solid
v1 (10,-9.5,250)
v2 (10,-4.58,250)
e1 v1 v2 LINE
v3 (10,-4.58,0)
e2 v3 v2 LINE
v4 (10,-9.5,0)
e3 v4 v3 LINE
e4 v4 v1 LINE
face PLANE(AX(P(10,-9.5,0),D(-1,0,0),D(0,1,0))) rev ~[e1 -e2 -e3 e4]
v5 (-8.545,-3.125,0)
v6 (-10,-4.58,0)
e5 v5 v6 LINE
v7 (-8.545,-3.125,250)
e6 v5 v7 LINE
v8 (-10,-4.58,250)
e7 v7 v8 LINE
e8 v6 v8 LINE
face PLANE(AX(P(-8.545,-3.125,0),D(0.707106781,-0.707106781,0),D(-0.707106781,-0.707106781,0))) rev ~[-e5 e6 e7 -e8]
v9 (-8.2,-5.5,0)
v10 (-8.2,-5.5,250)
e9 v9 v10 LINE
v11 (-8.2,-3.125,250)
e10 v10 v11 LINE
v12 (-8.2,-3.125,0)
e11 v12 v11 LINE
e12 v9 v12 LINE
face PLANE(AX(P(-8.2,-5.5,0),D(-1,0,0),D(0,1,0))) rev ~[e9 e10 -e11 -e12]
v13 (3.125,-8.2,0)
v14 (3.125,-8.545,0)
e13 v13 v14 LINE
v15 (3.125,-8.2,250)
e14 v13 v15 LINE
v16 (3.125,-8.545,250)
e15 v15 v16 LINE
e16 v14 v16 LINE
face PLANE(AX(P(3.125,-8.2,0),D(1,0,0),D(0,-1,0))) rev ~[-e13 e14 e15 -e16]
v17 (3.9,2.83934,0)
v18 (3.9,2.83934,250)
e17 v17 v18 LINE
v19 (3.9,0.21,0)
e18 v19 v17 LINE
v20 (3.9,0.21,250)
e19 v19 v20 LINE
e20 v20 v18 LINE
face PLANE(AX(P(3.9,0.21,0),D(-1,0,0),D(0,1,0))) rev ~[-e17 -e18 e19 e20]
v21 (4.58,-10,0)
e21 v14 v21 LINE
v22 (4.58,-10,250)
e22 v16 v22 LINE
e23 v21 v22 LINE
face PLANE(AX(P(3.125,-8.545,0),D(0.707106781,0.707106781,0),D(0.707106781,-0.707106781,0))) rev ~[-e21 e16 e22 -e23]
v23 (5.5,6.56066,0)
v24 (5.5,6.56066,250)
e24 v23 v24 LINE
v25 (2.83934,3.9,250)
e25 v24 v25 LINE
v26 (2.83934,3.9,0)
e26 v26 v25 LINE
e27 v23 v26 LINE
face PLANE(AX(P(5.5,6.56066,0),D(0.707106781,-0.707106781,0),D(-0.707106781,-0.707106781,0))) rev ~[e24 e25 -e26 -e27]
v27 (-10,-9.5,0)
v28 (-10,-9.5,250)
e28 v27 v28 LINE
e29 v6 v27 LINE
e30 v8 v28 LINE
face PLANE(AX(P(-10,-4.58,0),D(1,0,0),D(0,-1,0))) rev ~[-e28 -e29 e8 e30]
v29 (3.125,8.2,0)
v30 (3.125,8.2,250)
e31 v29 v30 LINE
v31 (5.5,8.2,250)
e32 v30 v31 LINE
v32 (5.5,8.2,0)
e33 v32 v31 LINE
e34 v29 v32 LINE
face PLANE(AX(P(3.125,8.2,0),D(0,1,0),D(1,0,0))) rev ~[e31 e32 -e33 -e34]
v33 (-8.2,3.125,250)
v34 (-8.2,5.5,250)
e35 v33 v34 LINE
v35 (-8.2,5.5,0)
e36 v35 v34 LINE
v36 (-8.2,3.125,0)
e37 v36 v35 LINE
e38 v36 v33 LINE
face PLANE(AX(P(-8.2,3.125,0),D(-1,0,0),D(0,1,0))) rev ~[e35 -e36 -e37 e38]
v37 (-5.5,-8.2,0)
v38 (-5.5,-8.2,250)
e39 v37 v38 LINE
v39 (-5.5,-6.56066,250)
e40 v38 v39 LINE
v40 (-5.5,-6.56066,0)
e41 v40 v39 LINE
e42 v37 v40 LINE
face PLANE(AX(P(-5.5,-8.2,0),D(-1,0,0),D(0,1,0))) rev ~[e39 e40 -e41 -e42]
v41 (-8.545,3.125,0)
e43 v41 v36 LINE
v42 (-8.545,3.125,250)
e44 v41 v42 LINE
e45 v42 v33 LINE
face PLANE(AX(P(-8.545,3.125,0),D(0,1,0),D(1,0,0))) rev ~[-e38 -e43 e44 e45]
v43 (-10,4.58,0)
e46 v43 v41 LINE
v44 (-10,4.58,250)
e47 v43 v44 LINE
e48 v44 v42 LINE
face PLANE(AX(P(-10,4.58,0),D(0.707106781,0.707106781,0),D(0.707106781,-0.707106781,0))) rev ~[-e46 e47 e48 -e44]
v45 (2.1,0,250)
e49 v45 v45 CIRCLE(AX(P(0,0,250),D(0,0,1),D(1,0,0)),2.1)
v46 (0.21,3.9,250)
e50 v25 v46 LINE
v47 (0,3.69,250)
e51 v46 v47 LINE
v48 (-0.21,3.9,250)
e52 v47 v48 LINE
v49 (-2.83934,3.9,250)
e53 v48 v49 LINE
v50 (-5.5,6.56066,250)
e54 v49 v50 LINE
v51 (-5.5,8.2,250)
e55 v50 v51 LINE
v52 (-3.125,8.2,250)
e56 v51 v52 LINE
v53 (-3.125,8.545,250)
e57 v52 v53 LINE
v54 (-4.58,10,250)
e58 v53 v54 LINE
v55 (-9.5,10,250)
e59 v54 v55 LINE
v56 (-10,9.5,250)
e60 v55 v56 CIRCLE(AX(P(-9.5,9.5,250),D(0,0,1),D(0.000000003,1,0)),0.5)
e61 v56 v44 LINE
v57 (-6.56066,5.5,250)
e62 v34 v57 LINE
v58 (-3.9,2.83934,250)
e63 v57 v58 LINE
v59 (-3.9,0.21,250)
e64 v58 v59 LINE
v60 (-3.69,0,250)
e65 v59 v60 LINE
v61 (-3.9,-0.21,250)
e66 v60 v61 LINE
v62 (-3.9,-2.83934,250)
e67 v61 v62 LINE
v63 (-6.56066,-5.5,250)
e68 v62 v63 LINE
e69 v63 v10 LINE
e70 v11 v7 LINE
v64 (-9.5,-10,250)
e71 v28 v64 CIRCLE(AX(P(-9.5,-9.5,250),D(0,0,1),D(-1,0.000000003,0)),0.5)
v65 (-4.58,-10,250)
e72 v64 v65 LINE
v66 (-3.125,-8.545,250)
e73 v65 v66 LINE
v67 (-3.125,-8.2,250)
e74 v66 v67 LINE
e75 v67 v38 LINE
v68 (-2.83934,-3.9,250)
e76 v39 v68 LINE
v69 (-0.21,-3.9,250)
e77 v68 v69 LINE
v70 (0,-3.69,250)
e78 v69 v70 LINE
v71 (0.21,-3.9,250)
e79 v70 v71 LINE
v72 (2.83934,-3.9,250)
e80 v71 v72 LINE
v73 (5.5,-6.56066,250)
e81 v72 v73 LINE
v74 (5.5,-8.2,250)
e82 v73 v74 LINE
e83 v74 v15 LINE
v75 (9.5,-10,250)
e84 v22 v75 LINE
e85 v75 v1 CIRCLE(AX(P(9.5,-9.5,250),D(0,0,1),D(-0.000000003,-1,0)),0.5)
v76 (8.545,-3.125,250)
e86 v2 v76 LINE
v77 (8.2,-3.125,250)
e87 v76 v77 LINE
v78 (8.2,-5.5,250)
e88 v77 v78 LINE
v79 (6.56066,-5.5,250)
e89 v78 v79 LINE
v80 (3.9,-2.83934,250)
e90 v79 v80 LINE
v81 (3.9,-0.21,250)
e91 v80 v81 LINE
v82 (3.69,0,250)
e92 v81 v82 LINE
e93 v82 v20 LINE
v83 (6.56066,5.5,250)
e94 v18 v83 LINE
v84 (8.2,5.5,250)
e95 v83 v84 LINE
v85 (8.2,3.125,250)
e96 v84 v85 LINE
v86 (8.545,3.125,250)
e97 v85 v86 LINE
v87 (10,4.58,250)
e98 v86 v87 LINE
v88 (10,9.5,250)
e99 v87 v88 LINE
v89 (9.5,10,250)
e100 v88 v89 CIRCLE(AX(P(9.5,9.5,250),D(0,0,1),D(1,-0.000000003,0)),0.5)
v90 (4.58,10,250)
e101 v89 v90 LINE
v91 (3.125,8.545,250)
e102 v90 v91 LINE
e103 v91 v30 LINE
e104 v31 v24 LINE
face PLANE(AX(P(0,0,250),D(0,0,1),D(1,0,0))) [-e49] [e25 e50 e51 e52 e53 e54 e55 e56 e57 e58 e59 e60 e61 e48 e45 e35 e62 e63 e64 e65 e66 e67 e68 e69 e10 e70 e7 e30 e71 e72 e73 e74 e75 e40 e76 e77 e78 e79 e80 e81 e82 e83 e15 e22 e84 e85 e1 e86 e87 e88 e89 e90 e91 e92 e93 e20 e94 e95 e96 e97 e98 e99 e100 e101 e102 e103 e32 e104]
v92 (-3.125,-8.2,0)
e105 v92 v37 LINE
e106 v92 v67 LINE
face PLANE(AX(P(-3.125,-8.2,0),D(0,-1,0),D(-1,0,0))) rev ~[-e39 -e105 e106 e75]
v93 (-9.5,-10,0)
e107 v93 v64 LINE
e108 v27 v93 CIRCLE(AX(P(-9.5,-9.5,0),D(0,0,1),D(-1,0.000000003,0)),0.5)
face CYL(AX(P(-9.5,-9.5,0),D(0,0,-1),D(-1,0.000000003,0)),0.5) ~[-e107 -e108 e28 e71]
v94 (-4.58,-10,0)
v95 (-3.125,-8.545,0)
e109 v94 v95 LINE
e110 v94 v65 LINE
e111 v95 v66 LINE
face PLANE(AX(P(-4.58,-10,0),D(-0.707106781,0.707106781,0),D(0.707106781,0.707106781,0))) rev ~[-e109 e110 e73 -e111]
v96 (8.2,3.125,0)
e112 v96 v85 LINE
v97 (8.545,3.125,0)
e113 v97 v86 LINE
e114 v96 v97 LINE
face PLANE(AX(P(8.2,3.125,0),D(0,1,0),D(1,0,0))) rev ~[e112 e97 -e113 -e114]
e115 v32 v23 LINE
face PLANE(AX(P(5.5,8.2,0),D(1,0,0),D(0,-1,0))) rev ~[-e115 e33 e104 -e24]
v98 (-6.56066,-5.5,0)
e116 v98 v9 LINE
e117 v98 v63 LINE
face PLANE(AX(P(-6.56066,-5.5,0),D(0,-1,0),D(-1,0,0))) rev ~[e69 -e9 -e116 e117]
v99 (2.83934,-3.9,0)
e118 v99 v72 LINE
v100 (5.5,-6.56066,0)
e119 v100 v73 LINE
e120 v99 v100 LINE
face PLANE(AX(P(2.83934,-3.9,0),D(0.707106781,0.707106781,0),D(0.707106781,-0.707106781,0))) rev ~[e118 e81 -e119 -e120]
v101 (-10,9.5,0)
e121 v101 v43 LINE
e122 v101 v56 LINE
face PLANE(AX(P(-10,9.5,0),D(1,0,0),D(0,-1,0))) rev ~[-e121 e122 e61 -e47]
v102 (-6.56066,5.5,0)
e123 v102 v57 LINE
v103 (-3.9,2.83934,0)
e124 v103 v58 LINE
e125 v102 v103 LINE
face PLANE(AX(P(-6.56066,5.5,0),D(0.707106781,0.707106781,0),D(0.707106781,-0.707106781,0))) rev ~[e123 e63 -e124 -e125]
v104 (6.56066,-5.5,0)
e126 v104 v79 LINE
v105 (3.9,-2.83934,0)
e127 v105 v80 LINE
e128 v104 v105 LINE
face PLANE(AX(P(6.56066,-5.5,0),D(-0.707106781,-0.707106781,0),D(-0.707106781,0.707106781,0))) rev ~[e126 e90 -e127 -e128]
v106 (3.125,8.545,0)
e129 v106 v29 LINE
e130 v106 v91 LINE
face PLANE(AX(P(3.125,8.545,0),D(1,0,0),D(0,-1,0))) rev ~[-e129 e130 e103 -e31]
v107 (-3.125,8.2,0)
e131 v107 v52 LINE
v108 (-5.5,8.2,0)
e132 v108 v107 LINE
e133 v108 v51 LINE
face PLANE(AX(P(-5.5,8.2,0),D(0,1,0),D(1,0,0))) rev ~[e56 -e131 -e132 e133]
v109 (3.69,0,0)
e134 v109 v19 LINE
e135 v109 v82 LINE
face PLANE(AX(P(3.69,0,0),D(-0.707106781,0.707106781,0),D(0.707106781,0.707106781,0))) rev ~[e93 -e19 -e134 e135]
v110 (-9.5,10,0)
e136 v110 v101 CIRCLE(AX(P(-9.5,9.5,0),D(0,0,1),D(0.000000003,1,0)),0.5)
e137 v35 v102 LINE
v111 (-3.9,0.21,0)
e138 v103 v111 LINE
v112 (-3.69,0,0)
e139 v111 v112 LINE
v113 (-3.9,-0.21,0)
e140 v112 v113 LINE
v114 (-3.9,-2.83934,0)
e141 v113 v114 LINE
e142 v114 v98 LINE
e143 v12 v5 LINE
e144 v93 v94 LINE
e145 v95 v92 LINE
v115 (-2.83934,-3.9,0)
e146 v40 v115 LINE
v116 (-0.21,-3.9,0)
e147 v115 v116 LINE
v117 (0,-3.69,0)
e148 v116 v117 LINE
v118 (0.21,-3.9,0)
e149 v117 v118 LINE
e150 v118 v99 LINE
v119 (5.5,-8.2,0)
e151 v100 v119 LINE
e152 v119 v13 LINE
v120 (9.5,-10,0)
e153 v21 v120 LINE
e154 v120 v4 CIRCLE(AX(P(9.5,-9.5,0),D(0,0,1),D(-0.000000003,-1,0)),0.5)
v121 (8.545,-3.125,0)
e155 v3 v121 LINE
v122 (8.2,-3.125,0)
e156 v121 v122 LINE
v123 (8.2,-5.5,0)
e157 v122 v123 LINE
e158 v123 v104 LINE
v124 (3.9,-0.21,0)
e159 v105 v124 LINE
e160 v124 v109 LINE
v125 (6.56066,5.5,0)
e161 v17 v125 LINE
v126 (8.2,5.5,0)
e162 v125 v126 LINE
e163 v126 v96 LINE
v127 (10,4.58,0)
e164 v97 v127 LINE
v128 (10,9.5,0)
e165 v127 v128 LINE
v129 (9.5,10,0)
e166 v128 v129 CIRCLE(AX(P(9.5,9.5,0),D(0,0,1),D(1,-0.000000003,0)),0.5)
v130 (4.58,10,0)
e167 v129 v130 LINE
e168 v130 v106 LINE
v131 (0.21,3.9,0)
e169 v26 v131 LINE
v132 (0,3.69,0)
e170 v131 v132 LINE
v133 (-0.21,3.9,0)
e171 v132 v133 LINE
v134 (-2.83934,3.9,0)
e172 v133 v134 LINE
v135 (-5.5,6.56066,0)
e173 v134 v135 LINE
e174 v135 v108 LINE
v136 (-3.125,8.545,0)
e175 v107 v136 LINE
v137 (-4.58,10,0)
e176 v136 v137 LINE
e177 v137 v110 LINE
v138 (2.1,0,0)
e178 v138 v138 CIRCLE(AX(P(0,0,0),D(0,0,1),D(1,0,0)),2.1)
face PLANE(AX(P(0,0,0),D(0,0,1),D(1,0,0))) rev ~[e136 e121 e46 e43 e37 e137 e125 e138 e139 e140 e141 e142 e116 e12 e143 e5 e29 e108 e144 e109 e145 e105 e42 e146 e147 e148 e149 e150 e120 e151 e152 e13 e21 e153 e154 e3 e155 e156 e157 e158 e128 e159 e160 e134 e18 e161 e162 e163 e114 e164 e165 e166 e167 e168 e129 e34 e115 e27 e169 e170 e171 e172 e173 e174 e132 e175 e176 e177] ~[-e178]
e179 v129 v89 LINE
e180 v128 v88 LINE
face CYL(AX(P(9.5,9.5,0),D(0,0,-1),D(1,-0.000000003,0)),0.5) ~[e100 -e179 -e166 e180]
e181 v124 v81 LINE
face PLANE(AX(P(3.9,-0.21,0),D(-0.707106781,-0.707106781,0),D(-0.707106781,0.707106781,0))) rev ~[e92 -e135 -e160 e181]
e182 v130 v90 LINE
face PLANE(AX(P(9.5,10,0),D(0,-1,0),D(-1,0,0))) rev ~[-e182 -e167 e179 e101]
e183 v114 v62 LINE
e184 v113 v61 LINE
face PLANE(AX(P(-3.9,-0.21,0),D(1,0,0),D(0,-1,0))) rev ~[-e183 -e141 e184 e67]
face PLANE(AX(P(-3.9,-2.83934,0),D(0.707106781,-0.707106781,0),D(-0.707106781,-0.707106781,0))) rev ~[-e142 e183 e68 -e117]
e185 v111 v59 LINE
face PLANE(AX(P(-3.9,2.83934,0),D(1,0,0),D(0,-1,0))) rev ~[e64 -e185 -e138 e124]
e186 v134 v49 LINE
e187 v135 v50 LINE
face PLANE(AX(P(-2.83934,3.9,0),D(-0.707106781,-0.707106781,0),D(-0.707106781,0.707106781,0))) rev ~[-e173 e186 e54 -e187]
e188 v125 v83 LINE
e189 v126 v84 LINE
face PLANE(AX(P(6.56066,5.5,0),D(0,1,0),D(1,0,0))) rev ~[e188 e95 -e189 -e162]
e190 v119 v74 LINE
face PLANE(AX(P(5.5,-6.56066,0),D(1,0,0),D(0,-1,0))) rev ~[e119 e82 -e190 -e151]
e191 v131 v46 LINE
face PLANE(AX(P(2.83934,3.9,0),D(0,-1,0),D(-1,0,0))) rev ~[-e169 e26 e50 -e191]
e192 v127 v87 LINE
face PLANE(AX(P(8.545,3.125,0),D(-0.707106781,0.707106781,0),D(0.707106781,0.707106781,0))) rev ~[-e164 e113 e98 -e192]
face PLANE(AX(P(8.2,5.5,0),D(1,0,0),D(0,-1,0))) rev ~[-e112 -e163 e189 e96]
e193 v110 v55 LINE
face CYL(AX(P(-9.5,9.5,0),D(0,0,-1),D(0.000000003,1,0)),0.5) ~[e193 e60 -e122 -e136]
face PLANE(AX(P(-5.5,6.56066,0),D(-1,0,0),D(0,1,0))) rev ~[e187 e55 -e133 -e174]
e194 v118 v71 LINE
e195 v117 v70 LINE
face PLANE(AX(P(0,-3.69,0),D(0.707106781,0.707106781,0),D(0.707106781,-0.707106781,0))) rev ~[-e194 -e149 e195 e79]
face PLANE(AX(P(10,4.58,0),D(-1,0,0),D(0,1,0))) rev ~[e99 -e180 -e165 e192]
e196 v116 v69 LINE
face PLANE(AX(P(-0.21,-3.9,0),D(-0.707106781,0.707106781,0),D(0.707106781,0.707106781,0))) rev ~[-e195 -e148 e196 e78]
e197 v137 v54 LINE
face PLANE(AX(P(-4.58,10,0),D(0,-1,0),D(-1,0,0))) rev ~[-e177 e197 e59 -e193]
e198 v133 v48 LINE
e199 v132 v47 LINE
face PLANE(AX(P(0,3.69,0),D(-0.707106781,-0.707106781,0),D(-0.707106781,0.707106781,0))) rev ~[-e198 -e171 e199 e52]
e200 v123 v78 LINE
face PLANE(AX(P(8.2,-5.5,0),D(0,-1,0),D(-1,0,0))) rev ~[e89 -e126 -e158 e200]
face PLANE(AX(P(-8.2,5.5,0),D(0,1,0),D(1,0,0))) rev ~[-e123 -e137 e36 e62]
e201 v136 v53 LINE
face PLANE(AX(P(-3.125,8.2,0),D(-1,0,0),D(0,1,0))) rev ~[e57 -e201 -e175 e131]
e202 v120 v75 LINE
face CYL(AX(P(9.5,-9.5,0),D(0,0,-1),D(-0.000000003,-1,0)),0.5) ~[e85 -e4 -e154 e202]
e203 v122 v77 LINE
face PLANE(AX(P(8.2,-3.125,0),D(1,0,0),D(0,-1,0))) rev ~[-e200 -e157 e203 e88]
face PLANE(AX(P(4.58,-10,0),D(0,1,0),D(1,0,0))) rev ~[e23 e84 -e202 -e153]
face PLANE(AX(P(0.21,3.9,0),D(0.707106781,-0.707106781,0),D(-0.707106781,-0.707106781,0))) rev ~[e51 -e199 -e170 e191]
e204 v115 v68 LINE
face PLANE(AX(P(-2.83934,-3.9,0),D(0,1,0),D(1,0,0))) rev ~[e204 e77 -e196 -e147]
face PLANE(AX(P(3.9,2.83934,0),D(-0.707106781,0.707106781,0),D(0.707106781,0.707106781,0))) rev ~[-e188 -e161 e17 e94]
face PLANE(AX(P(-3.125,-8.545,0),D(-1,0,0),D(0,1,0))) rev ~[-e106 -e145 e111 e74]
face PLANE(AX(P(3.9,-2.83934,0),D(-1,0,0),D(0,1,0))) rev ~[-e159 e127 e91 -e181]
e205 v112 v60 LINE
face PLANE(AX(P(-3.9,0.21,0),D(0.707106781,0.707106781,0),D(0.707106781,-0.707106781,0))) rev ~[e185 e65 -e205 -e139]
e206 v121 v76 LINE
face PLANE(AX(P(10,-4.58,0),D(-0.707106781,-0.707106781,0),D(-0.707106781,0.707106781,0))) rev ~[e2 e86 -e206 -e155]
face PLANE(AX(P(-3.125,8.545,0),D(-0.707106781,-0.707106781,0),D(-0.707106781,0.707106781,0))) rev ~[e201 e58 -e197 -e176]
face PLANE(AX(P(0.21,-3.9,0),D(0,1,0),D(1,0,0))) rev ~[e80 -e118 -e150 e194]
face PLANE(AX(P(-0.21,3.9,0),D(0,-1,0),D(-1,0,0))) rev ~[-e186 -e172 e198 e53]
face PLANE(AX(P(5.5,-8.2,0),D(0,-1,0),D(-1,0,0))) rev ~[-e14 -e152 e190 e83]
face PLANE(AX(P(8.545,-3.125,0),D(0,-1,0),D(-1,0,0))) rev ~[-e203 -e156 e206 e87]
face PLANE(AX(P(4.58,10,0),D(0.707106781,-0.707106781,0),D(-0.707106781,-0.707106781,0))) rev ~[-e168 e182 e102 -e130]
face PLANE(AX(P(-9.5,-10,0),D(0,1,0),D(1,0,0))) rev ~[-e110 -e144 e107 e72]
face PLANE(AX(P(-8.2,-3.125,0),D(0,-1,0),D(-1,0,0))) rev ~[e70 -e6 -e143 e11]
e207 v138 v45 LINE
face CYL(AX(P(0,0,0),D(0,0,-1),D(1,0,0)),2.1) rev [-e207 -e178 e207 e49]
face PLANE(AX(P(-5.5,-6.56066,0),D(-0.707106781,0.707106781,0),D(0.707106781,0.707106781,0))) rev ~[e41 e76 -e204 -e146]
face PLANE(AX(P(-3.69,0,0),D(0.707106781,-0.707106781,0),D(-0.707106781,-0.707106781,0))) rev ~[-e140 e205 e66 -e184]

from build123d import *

# Parameters (mm, degrees)
SKETCH1_R           = 2.1
BOSS_EXTRUDE1_DEPTH = 250


with BuildPart() as part:
    # Sketch1 → Boss-Extrude1 (new body)
    with BuildSketch(Plane.XY):
        with BuildLine():
            Line((4.58, -10), (9.5, -10))
            ThreePointArc((9.5, -10), (9.853553391, -9.853553391), (10, -9.5))
            Line((10, -9.5), (10, -4.58))
            Line((10, -4.58), (8.545, -3.125))
            Line((8.545, -3.125), (8.2, -3.125))
            Line((8.2, -3.125), (8.2, -5.5))
            Line((8.2, -5.5), (6.560660172, -5.5))
            Line((6.560660172, -5.5), (3.9, -2.839339828))
            Line((3.9, -2.839339828), (3.9, -0.21))
            Line((3.9, -0.21), (3.69, 0))
            Line((3.69, 0), (3.9, 0.21))
            Line((3.9, 0.21), (3.9, 2.839339828))
            Line((3.9, 2.839339828), (6.560660172, 5.5))
            Line((6.560660172, 5.5), (8.2, 5.5))
            Line((8.2, 5.5), (8.2, 3.125))
            Line((8.2, 3.125), (8.545, 3.125))
            Line((8.545, 3.125), (10, 4.58))
            Line((10, 4.58), (10, 9.5))
            ThreePointArc((10, 9.5), (9.853553391, 9.853553391), (9.5, 10))
            Line((9.5, 10), (4.58, 10))
            Line((4.58, 10), (3.125, 8.545))
            Line((3.125, 8.545), (3.125, 8.2))
            Line((3.125, 8.2), (5.5, 8.2))
            Line((5.5, 8.2), (5.5, 6.560660172))
            Line((5.5, 6.560660172), (2.839339828, 3.9))
            Line((2.839339828, 3.9), (0.21, 3.9))
            Line((0.21, 3.9), (0, 3.69))
            Line((0, 3.69), (-0.21, 3.9))
            Line((-0.21, 3.9), (-2.839339828, 3.9))
            Line((-2.839339828, 3.9), (-5.5, 6.560660172))
            Line((-5.5, 6.560660172), (-5.5, 8.2))
            Line((-5.5, 8.2), (-3.125, 8.2))
            Line((-3.125, 8.2), (-3.125, 8.545))
            Line((-3.125, 8.545), (-4.58, 10))
            Line((-4.58, 10), (-9.5, 10))
            ThreePointArc((-9.5, 10), (-9.853553391, 9.853553391), (-10, 9.5))
            Line((-10, 9.5), (-10, 4.58))
            Line((-10, 4.58), (-8.545, 3.125))
            Line((-8.545, 3.125), (-8.2, 3.125))
            Line((-8.2, 3.125), (-8.2, 5.5))
            Line((-8.2, 5.5), (-6.560660172, 5.5))
            Line((-6.560660172, 5.5), (-3.9, 2.839339828))
            Line((-3.9, 2.839339828), (-3.9, 0.21))
            Line((-3.9, 0.21), (-3.69, 0))
            Line((-3.69, 0), (-3.9, -0.21))
            Line((-3.9, -0.21), (-3.9, -2.839339828))
            Line((-3.9, -2.839339828), (-6.560660172, -5.5))
            Line((-6.560660172, -5.5), (-8.2, -5.5))
            Line((-8.2, -5.5), (-8.2, -3.125))
            Line((-8.2, -3.125), (-8.545, -3.125))
            Line((-8.545, -3.125), (-10, -4.58))
            Line((-10, -4.58), (-10, -9.5))
            ThreePointArc((-10, -9.5), (-9.853553391, -9.853553391), (-9.5, -10))
            Line((-9.5, -10), (-4.58, -10))
            Line((-4.58, -10), (-3.125, -8.545))
            Line((-3.125, -8.545), (-3.125, -8.2))
            Line((-3.125, -8.2), (-5.5, -8.2))
            Line((-5.5, -8.2), (-5.5, -6.560660172))
            Line((-5.5, -6.560660172), (-2.839339828, -3.9))
            Line((-2.839339828, -3.9), (-0.21, -3.9))
            Line((-0.21, -3.9), (0, -3.69))
            Line((0, -3.69), (0.21, -3.9))
            Line((0.21, -3.9), (2.839339828, -3.9))
            Line((2.839339828, -3.9), (5.5, -6.560660172))
            Line((5.5, -6.560660172), (5.5, -8.2))
            Line((5.5, -8.2), (3.125, -8.2))
            Line((3.125, -8.2), (3.125, -8.545))
            Line((3.125, -8.545), (4.58, -10))
        make_face()
        Circle(SKETCH1_R, mode=Mode.SUBTRACT)
    extrude(amount=BOSS_EXTRUDE1_DEPTH)


solid = part.part
